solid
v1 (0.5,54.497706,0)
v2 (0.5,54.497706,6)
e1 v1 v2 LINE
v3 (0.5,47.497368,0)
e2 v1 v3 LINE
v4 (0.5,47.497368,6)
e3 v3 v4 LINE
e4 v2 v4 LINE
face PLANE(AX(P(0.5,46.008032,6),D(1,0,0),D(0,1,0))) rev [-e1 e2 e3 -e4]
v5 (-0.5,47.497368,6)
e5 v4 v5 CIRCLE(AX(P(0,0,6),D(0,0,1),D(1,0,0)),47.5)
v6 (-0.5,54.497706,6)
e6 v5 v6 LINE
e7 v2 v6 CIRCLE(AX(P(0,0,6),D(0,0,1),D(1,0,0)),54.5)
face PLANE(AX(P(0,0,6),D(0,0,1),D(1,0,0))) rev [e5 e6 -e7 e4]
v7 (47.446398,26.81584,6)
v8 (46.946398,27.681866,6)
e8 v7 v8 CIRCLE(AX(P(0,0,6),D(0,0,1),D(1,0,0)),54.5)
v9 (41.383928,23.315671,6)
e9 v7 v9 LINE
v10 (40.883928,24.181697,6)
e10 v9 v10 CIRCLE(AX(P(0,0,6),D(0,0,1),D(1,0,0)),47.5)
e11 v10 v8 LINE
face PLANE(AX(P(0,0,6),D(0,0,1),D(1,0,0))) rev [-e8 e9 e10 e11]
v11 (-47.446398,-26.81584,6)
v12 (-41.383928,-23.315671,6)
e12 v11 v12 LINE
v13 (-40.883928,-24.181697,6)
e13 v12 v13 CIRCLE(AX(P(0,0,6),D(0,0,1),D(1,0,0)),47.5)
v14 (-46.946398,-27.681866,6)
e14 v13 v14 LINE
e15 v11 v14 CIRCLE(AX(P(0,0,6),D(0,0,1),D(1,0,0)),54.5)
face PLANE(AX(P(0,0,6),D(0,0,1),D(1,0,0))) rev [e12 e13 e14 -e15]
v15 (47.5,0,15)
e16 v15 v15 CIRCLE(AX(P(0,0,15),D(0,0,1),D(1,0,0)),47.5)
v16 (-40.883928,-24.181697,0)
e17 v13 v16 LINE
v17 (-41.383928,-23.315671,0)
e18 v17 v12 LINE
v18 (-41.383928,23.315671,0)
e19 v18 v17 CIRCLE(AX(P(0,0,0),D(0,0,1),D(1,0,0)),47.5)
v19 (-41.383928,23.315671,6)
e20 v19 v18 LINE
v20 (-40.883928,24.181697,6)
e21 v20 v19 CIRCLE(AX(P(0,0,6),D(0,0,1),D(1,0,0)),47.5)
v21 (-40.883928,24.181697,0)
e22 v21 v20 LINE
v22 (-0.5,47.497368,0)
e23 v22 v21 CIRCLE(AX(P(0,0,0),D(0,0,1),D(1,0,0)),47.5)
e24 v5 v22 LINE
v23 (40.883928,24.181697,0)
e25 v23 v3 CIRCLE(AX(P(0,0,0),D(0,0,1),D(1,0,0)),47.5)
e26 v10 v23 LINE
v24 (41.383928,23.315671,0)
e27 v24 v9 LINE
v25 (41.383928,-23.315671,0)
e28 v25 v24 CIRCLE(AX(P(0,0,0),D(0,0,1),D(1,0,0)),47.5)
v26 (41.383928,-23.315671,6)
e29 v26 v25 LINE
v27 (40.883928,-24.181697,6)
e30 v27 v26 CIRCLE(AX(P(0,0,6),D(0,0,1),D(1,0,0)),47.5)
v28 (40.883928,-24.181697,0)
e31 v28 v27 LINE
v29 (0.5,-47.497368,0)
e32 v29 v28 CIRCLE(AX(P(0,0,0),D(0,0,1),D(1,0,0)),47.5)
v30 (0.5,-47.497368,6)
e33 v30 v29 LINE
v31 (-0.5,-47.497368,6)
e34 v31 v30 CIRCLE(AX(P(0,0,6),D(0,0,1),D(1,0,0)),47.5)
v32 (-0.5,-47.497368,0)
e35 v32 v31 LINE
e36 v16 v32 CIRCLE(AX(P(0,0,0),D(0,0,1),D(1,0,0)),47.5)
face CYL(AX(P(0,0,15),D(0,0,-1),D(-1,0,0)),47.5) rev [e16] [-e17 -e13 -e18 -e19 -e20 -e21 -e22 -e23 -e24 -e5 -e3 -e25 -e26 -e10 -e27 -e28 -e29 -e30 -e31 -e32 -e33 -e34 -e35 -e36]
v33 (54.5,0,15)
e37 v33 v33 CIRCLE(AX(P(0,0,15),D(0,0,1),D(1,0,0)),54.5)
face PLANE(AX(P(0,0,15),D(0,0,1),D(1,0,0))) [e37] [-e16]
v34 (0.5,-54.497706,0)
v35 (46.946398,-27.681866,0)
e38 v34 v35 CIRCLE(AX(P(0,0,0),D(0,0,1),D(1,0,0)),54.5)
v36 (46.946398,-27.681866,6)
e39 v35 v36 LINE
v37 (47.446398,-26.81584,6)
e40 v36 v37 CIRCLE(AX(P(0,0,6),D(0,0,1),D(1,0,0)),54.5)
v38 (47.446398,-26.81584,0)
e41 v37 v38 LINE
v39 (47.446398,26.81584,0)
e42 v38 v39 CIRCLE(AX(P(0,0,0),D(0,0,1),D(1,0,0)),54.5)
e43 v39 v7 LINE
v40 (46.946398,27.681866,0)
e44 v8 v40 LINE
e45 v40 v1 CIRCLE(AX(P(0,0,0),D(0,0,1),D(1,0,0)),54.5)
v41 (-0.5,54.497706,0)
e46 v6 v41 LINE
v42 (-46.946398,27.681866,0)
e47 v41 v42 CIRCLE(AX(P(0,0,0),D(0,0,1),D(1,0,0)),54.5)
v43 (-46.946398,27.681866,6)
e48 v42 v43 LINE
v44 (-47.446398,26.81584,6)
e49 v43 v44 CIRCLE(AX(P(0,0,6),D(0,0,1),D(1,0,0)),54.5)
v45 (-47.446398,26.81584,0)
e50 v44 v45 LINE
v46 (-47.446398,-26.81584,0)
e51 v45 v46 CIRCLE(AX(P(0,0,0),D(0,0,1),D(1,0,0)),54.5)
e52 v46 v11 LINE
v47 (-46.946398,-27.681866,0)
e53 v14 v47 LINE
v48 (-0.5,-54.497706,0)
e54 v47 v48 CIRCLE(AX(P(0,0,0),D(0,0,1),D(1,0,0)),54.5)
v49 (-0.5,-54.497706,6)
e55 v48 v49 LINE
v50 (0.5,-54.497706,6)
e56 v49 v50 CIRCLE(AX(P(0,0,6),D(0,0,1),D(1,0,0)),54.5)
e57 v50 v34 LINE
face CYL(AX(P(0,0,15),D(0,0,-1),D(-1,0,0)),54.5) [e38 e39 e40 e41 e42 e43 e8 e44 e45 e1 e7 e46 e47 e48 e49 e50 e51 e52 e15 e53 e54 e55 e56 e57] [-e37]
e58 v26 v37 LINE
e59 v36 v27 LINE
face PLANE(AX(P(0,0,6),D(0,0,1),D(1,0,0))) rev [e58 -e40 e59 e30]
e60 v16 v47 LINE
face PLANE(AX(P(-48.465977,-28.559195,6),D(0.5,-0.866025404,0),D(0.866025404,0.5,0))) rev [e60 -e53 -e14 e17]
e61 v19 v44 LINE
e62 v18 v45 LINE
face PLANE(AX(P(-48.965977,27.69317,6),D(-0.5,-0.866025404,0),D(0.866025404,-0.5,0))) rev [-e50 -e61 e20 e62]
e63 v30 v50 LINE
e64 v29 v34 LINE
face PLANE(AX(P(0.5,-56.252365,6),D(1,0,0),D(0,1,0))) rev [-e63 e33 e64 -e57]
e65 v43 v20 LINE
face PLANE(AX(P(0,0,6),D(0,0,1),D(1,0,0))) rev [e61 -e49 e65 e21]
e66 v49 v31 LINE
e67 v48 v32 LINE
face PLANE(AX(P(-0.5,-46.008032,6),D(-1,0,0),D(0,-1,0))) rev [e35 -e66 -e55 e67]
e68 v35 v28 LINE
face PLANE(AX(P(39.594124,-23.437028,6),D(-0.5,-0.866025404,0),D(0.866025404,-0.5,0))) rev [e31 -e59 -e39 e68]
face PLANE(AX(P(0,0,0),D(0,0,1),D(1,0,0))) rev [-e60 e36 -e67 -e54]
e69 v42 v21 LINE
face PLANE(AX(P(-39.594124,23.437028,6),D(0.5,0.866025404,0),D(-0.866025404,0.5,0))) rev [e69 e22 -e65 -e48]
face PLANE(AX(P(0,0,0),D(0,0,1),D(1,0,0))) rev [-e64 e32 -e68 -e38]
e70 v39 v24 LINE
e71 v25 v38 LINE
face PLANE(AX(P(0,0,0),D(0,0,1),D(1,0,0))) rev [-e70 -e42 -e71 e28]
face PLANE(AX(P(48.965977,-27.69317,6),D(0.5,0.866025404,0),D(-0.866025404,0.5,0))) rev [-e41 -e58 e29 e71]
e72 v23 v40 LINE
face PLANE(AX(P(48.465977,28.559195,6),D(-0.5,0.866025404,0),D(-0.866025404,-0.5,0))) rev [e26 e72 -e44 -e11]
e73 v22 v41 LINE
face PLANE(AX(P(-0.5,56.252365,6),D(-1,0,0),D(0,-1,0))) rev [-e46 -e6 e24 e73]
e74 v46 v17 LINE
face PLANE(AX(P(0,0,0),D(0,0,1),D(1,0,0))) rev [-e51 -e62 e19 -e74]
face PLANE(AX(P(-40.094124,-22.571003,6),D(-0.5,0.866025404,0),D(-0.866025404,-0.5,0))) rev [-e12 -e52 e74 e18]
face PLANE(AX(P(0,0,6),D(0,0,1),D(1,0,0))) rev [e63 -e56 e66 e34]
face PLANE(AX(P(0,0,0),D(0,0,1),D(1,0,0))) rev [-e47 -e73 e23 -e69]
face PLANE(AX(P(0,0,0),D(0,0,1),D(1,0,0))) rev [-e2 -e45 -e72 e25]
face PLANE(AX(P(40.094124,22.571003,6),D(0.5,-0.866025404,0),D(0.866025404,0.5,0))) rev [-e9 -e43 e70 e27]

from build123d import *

# Parameters (mm, degrees)
ESQUISSE1_R             = 54.5
ESQUISSE1_R_2           = 47.5
BOSS_EXTRU_1_DEPTH      = 15
ESQUISSE2_W             = 1
ESQUISSE2_H             = 10.244333075
ENL_V_MAT_EXTRU_1_DEPTH = 6


with BuildPart() as part:
    # Esquisse1 → Boss.-Extru.1 (new body)
    with BuildSketch(Plane.XY):
        Circle(ESQUISSE1_R)
        Circle(ESQUISSE1_R_2, mode=Mode.SUBTRACT)
    extrude(amount=BOSS_EXTRU_1_DEPTH)

    # Esquisse2 → Enlèv. mat.-Extru.1 (cut)
    with BuildSketch(Plane(origin=(0, 0, 0), x_dir=(-1, 0, 0), z_dir=(0, 0, -1))):
        Polygon((48.965976814, 27.693169625), (40.094124126, 22.571003088), (39.594124126, 23.437028491), (48.465976814, 28.559195029), align=None)
        with Locations((0, 51.130198117)):
            Rectangle(ESQUISSE2_W, ESQUISSE2_H)
        Polygon((48.465976814, -28.559195029), (39.594124126, -23.437028491), (40.094124126, -22.571003088), (48.965976814, -27.693169625), align=None)
        with Locations((0, -51.130198117)):
            Rectangle(ESQUISSE2_W, ESQUISSE2_H)
        Polygon((-48.965976814, -27.693169625), (-40.094124126, -22.571003088), (-39.594124126, -23.437028491), (-48.465976814, -28.559195029), align=None)
        Polygon((-48.465976814, 28.559195029), (-39.594124126, 23.437028491), (-40.094124126, 22.571003088), (-48.965976814, 27.693169625), align=None)
    extrude(amount=-ENL_V_MAT_EXTRU_1_DEPTH, mode=Mode.SUBTRACT)


solid = part.part
